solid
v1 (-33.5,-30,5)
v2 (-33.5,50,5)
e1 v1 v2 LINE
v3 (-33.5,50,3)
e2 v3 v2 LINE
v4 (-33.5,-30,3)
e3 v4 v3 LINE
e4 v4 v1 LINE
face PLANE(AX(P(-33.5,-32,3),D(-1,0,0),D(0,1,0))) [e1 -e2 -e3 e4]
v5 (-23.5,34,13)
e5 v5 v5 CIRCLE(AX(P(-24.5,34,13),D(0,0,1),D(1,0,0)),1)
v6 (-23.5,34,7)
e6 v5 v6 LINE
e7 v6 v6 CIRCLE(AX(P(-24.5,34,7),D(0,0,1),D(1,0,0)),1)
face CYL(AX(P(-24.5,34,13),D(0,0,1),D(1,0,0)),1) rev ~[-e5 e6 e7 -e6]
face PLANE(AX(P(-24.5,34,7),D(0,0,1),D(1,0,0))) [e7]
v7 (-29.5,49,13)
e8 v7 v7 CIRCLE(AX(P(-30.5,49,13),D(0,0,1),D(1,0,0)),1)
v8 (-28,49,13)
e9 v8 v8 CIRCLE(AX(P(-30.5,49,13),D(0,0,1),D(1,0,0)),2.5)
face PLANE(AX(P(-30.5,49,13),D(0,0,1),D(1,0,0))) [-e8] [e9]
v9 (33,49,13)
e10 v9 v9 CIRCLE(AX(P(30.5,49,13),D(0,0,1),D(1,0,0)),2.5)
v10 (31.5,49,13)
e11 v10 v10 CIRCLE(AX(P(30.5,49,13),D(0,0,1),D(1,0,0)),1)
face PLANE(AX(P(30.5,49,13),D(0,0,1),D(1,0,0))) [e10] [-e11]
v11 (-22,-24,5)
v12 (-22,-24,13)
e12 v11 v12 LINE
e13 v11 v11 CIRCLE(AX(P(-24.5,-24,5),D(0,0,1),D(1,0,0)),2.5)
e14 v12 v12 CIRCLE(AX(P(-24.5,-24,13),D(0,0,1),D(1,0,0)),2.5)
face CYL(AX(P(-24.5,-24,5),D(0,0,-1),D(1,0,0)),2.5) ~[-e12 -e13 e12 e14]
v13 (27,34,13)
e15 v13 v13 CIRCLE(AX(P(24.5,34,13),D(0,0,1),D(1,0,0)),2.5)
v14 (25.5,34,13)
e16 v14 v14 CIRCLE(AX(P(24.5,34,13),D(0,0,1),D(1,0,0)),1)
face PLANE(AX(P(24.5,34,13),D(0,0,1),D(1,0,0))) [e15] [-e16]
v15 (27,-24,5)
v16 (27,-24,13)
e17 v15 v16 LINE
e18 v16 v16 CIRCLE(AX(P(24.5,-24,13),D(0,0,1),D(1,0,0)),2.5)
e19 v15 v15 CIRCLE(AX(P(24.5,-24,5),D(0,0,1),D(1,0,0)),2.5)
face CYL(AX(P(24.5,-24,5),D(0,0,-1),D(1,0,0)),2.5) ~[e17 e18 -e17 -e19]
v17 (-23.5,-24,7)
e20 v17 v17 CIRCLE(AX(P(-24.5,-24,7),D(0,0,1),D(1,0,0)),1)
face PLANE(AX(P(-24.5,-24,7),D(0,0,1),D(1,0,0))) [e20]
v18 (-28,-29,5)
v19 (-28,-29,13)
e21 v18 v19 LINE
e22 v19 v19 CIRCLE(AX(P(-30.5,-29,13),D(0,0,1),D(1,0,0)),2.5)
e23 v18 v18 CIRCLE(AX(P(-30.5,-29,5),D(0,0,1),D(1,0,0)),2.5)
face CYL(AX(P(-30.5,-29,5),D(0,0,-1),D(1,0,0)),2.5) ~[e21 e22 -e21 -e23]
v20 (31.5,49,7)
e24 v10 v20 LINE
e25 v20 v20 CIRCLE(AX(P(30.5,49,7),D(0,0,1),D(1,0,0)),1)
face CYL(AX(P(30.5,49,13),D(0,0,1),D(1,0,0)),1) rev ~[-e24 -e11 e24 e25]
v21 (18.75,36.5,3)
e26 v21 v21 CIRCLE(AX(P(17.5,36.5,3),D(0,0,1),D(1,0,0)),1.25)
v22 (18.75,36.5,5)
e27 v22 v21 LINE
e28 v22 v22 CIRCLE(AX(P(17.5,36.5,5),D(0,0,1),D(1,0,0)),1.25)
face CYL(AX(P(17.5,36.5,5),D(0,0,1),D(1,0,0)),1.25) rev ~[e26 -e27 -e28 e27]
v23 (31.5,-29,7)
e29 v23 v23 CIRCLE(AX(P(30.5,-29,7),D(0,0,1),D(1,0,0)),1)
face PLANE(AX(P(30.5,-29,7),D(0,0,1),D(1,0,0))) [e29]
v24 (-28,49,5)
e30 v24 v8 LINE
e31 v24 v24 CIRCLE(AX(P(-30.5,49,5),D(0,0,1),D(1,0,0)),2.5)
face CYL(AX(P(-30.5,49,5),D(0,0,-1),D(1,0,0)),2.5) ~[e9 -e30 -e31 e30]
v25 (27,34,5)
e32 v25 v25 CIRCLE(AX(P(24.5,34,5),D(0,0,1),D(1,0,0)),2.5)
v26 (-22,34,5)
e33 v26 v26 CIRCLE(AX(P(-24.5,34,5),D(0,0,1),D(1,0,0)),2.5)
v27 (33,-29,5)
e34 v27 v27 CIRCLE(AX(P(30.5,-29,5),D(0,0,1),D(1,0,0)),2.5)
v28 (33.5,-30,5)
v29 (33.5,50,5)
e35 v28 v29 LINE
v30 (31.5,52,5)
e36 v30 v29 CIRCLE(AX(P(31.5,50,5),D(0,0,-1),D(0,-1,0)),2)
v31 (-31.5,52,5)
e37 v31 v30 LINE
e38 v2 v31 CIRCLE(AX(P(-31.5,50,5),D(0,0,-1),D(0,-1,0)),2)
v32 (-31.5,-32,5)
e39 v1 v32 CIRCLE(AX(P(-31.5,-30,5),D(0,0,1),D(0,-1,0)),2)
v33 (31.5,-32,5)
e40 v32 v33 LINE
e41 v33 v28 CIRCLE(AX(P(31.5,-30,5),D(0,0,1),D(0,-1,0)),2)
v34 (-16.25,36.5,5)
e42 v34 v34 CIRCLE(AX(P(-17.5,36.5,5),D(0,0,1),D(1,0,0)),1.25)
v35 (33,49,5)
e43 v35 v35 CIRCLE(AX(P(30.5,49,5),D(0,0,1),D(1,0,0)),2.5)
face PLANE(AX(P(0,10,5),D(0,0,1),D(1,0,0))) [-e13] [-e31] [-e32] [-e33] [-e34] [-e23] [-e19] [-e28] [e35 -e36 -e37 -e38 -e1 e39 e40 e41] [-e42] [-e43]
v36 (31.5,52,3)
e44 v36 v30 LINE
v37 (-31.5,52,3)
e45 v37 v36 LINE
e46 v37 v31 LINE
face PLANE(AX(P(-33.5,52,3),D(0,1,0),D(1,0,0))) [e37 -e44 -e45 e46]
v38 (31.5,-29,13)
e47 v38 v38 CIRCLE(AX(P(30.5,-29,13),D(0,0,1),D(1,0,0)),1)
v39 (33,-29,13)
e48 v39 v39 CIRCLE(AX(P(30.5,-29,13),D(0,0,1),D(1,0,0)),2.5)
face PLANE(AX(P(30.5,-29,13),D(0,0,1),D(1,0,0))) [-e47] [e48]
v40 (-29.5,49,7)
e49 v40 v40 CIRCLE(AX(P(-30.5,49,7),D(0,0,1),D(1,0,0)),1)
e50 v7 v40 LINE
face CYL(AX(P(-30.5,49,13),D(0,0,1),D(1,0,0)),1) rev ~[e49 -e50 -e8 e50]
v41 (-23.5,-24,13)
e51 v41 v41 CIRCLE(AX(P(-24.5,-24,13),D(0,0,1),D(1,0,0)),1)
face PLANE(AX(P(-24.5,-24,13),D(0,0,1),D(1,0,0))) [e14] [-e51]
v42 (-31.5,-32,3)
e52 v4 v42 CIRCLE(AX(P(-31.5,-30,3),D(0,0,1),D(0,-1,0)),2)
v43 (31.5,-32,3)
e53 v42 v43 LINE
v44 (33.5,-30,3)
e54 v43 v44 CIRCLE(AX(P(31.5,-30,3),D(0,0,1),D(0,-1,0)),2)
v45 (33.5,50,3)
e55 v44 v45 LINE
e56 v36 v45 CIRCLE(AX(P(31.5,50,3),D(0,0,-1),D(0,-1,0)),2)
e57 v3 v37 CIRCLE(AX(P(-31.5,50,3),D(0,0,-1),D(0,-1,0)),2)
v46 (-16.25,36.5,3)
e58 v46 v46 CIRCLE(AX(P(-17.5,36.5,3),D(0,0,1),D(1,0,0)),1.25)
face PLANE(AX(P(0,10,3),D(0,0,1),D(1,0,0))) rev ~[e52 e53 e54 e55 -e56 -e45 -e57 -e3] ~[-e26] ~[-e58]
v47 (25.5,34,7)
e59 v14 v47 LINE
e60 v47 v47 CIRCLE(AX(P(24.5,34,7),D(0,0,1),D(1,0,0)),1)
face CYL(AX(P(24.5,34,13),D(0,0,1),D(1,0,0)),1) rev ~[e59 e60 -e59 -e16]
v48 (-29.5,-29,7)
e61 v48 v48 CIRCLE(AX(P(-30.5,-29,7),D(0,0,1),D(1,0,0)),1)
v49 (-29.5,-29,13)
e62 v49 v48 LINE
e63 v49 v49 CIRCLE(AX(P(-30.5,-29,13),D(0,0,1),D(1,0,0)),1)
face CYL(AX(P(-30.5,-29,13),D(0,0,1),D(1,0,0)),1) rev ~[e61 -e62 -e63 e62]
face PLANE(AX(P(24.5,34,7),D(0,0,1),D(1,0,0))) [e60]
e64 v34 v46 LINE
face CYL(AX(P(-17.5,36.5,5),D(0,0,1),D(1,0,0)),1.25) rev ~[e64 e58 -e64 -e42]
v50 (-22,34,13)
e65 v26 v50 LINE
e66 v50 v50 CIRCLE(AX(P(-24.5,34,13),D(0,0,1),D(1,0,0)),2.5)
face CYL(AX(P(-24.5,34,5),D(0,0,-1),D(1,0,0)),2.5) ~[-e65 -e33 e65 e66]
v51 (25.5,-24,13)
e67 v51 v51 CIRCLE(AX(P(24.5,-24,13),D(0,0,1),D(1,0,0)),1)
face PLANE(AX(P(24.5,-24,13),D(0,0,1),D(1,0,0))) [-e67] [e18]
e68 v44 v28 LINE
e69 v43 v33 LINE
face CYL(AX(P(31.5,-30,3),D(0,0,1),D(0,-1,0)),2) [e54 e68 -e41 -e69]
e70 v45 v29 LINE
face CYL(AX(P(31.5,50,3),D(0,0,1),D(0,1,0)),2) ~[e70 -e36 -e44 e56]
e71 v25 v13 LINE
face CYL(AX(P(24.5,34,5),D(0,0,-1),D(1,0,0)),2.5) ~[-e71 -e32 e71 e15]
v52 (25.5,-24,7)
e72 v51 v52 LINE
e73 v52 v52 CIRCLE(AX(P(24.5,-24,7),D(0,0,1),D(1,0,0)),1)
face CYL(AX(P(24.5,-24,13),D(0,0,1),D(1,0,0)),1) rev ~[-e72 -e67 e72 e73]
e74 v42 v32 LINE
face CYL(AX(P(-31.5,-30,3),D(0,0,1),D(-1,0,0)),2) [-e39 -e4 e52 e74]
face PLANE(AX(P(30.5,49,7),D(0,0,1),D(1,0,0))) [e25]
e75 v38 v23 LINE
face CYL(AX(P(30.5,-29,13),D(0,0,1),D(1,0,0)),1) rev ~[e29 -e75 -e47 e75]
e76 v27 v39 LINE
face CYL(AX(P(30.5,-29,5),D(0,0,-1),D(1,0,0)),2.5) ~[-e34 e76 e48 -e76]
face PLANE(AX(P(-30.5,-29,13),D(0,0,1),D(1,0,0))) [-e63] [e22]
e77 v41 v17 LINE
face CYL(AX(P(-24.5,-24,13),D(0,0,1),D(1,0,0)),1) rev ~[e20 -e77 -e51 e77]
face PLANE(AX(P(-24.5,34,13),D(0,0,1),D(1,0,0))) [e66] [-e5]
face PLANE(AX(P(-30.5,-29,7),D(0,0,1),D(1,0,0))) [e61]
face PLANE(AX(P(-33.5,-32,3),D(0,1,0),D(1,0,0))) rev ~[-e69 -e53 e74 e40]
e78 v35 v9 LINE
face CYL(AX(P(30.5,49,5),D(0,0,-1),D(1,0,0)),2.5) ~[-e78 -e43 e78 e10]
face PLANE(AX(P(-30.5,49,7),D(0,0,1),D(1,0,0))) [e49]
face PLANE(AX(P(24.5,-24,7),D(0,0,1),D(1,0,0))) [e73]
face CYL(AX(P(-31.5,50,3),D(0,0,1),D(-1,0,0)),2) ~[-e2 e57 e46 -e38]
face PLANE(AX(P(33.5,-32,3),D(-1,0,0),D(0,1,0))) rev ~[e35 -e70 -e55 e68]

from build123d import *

# Parameters (mm, degrees)
SKETCH032_W     = 67
SKETCH032_H     = 84
PAD014_DEPTH    = 2
SKETCH033_R     = 1.25
POCKET_DEPTH    = 2.001
SKETCH034_R     = 2.5
PAD015_DEPTH    = 8
SKETCH035_R     = 2.5
PAD016_DEPTH    = 8
SKETCH036_R     = 1
POCKET009_DEPTH = 6
FILLET_R        = 2


with BuildPart() as part:
    # Sketch032 → Pad014 (new body)
    with BuildSketch(Plane.XY):
        with Locations((0, 10)):
            Rectangle(SKETCH032_W, SKETCH032_H)
    extrude(amount=PAD014_DEPTH)

    # Sketch033 (on Face6 of Pad014) → Pocket (cut, through all)
    with BuildSketch(Plane.XY.offset(2)):
        with Locations((-17.5, 36.5)):
            Circle(SKETCH033_R)
        with Locations((17.5, 36.5)):
            Circle(SKETCH033_R)
    extrude(amount=-POCKET_DEPTH, mode=Mode.SUBTRACT)

    # Sketch034 (on Face5 of Pocket) → Pad015 (join)
    with BuildSketch(Plane.XY.offset(2)):
        with Locations((-30.5, 49)):
            Circle(SKETCH034_R)
        with Locations((-30.5, -29)):
            Circle(SKETCH034_R)
        with Locations((30.5, 49)):
            Circle(SKETCH034_R)
        with Locations((30.5, -29)):
            Circle(SKETCH034_R)
    extrude(amount=PAD015_DEPTH)

    # Sketch035 (on Face5 of Pad015) → Pad016 (join)
    with BuildSketch(Plane.XY.offset(2)):
        with Locations((-24.5, 34)):
            Circle(SKETCH035_R)
        with Locations((24.5, 34)):
            Circle(SKETCH035_R)
        with Locations((-24.5, -24)):
            Circle(SKETCH035_R)
        with Locations((24.5, -24)):
            Circle(SKETCH035_R)
    extrude(amount=PAD016_DEPTH)

    # Sketch036 (on Face19 of Pad016) → Pocket009 (cut)
    with BuildSketch(Plane.XY.offset(10)):
        with Locations((-30.5, 49)):
            Circle(SKETCH036_R)
        with Locations((-24.5, 34)):
            Circle(SKETCH036_R)
        with Locations((30.5, 49)):
            Circle(SKETCH036_R)
        with Locations((24.5, 34)):
            Circle(SKETCH036_R)
        with Locations((30.5, -29)):
            Circle(SKETCH036_R)
        with Locations((24.5, -24)):
            Circle(SKETCH036_R)
        with Locations((-24.5, -24)):
            Circle(SKETCH036_R)
        with Locations((-30.5, -29)):
            Circle(SKETCH036_R)
    extrude(amount=-POCKET009_DEPTH, mode=Mode.SUBTRACT)

    # Fillet
    fillet_edges = [part.edges().sort_by_distance(p)[0] for p in [
        (-33.5, -32, 1),
        (33.5, -32, 1),
        (-33.5, 52, 1),
        (33.5, 52, 1),
    ]]
    fillet(fillet_edges, radius=FILLET_R)


with BuildPart() as part_1:
    # Body011 placement: moved
    add(part.part.moved(Location((0, 0, 3))))


solid = part_1.part
